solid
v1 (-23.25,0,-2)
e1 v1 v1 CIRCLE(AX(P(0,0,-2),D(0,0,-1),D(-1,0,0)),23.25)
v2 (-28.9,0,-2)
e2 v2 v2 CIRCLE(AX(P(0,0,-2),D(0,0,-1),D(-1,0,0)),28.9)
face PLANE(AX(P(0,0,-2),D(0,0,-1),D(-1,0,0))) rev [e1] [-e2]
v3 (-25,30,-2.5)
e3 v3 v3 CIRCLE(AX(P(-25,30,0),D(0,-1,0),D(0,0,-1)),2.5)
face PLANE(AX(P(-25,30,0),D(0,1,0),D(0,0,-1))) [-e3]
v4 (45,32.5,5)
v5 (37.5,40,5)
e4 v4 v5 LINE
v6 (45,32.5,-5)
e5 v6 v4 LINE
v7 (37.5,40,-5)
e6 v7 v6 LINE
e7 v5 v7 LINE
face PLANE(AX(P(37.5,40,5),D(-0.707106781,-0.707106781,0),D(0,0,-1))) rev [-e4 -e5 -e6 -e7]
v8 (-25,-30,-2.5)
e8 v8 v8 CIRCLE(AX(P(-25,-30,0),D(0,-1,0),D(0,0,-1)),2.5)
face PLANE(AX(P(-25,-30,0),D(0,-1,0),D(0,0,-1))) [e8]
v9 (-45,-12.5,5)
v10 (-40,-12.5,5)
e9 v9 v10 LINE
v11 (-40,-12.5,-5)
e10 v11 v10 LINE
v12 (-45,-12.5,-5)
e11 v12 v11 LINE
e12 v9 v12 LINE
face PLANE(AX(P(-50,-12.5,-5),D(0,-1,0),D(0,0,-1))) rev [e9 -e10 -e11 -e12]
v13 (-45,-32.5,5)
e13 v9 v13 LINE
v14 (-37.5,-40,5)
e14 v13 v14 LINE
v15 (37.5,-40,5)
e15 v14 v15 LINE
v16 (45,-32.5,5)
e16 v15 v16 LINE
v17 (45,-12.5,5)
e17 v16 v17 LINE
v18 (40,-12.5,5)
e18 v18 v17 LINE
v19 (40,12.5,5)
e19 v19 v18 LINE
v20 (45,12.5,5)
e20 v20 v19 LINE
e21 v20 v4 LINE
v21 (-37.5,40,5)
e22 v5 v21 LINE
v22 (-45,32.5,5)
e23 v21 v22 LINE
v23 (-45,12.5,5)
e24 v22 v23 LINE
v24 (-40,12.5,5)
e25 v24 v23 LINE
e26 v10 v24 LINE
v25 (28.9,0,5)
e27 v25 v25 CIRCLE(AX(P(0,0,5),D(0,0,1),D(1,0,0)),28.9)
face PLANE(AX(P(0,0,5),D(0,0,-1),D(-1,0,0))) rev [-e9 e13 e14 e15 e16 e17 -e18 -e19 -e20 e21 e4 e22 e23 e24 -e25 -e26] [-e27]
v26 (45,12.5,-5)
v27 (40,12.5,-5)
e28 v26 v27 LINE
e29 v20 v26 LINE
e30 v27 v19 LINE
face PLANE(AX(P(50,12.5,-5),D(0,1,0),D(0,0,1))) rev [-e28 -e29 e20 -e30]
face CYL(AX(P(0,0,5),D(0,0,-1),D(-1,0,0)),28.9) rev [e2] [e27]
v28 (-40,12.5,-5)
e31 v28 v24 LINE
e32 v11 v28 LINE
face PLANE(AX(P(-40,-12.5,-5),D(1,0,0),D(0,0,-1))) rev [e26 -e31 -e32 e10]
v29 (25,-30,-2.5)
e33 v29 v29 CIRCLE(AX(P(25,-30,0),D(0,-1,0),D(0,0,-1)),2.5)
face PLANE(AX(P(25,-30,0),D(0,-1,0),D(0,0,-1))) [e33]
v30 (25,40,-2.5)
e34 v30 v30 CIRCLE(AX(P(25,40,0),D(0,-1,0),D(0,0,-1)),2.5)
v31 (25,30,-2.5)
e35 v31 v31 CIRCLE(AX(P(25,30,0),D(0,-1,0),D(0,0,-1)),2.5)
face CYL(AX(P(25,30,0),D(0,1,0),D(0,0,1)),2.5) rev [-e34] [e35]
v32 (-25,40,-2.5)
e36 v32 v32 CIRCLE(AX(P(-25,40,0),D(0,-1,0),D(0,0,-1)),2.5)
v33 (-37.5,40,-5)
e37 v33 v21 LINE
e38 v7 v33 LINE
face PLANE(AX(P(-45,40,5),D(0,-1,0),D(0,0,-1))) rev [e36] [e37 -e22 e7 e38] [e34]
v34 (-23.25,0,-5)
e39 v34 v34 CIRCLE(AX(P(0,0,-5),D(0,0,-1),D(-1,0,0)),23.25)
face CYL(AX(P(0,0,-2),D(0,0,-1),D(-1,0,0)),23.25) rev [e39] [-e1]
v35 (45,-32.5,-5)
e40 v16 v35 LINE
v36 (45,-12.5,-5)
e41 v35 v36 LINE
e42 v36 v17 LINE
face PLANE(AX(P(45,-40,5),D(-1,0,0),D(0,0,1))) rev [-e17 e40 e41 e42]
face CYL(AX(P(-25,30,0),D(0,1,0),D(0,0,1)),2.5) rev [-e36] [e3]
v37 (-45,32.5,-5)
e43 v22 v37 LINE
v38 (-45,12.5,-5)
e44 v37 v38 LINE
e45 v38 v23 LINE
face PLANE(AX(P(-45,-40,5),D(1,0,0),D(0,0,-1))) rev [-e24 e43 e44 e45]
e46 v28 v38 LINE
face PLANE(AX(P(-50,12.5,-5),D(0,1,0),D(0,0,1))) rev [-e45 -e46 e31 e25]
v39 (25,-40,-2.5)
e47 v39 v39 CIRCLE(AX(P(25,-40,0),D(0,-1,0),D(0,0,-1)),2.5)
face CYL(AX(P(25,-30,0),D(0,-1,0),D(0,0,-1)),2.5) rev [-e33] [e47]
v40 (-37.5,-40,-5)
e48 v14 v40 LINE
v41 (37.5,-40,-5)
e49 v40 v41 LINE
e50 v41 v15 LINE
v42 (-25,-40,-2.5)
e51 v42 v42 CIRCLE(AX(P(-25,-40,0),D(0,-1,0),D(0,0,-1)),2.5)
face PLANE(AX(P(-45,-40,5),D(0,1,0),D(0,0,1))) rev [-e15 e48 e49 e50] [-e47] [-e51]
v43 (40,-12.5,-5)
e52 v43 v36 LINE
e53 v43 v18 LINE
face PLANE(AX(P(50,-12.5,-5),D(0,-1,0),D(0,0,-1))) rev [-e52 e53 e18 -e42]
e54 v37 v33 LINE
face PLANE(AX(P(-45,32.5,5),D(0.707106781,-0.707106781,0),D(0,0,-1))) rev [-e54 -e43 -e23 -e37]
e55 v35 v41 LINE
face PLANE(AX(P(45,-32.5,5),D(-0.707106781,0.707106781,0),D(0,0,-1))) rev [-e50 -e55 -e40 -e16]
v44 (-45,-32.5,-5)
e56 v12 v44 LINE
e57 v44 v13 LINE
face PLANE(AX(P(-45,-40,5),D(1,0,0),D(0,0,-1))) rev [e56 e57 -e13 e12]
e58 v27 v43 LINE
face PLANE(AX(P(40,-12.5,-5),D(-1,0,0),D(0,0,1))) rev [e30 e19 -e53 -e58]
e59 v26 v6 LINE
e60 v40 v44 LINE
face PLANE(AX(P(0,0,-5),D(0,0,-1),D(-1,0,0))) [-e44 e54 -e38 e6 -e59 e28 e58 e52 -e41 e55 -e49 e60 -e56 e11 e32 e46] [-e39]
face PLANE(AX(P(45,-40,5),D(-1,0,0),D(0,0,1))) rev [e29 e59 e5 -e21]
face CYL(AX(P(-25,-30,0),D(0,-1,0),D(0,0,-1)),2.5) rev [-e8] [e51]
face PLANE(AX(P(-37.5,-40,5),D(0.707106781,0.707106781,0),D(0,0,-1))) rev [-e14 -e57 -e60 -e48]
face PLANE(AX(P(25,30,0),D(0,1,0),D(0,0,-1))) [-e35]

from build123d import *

# Parameters (mm, degrees)
CROQUIS1_W              = 90
CROQUIS1_H              = 80
CROQUIS1_R              = 28.9
SALIENTE_EXTRUIR1_DEPTH = 5
CROQUIS2_R              = 28.9
CROQUIS2_R_2            = 23.25
SALIENTE_EXTRUIR2_DEPTH = 3
CROQUIS4_W              = 10
CROQUIS4_H              = 25
CORTAR_EXTRUIR2_DEPTH   = 62.032778079
CHAFL_N2_SIZE           = 7.5
CROQUIS9_R              = 2.5
CORTAR_EXTRUIR3_DEPTH   = 10


with BuildPart() as part:
    # Croquis1 → Saliente-Extruir1 (new, symmetric)
    with BuildSketch(Plane.XY):
        Rectangle(CROQUIS1_W, CROQUIS1_H)
        Circle(CROQUIS1_R, mode=Mode.SUBTRACT)
    extrude(amount=SALIENTE_EXTRUIR1_DEPTH, both=True)

    # Croquis2 → Saliente-Extruir2 (add)
    with BuildSketch(Plane(origin=(0, 0, -5), x_dir=(-1, 0, 0), z_dir=(0, 0, -1))):
        Circle(CROQUIS2_R)
        Circle(CROQUIS2_R_2, mode=Mode.SUBTRACT)
    extrude(amount=-SALIENTE_EXTRUIR2_DEPTH)

    # Croquis4 → Cortar-Extruir2 (cut, through all)
    with BuildSketch(Plane.XY.offset(5)):
        with Locations((-45, 0)):
            Rectangle(CROQUIS4_W, CROQUIS4_H)
        with Locations((45, 0)):
            Rectangle(CROQUIS4_W, CROQUIS4_H)
    extrude(amount=-CORTAR_EXTRUIR2_DEPTH, mode=Mode.SUBTRACT)

    # Chaflán2
    chafl_n2_edges = [part.edges().sort_by_distance(p)[0] for p in [
        (45, -40, 0),
        (-45, -40, 0),
        (-45, 40, 0),
        (45, 40, 0),
    ]]
    chamfer(chafl_n2_edges, length=CHAFL_N2_SIZE)

    # Croquis9 → Cortar-Extruir3 (cut)
    with BuildSketch(Plane.XZ.offset(40)):
        with Locations(Location((-25, 0, 0), (0, 0, 270))):
            Circle(CROQUIS9_R)
        with Locations(Location((25, 0, 0), (0, 0, 270))):
            Circle(CROQUIS9_R)
    cortar_extruir3 = extrude(amount=-CORTAR_EXTRUIR3_DEPTH, mode=Mode.SUBTRACT)

    # Simetría1: Cortar-Extruir3 across plane
    add(cortar_extruir3.mirror(Plane.ZX), mode=Mode.SUBTRACT)


solid = part.part
